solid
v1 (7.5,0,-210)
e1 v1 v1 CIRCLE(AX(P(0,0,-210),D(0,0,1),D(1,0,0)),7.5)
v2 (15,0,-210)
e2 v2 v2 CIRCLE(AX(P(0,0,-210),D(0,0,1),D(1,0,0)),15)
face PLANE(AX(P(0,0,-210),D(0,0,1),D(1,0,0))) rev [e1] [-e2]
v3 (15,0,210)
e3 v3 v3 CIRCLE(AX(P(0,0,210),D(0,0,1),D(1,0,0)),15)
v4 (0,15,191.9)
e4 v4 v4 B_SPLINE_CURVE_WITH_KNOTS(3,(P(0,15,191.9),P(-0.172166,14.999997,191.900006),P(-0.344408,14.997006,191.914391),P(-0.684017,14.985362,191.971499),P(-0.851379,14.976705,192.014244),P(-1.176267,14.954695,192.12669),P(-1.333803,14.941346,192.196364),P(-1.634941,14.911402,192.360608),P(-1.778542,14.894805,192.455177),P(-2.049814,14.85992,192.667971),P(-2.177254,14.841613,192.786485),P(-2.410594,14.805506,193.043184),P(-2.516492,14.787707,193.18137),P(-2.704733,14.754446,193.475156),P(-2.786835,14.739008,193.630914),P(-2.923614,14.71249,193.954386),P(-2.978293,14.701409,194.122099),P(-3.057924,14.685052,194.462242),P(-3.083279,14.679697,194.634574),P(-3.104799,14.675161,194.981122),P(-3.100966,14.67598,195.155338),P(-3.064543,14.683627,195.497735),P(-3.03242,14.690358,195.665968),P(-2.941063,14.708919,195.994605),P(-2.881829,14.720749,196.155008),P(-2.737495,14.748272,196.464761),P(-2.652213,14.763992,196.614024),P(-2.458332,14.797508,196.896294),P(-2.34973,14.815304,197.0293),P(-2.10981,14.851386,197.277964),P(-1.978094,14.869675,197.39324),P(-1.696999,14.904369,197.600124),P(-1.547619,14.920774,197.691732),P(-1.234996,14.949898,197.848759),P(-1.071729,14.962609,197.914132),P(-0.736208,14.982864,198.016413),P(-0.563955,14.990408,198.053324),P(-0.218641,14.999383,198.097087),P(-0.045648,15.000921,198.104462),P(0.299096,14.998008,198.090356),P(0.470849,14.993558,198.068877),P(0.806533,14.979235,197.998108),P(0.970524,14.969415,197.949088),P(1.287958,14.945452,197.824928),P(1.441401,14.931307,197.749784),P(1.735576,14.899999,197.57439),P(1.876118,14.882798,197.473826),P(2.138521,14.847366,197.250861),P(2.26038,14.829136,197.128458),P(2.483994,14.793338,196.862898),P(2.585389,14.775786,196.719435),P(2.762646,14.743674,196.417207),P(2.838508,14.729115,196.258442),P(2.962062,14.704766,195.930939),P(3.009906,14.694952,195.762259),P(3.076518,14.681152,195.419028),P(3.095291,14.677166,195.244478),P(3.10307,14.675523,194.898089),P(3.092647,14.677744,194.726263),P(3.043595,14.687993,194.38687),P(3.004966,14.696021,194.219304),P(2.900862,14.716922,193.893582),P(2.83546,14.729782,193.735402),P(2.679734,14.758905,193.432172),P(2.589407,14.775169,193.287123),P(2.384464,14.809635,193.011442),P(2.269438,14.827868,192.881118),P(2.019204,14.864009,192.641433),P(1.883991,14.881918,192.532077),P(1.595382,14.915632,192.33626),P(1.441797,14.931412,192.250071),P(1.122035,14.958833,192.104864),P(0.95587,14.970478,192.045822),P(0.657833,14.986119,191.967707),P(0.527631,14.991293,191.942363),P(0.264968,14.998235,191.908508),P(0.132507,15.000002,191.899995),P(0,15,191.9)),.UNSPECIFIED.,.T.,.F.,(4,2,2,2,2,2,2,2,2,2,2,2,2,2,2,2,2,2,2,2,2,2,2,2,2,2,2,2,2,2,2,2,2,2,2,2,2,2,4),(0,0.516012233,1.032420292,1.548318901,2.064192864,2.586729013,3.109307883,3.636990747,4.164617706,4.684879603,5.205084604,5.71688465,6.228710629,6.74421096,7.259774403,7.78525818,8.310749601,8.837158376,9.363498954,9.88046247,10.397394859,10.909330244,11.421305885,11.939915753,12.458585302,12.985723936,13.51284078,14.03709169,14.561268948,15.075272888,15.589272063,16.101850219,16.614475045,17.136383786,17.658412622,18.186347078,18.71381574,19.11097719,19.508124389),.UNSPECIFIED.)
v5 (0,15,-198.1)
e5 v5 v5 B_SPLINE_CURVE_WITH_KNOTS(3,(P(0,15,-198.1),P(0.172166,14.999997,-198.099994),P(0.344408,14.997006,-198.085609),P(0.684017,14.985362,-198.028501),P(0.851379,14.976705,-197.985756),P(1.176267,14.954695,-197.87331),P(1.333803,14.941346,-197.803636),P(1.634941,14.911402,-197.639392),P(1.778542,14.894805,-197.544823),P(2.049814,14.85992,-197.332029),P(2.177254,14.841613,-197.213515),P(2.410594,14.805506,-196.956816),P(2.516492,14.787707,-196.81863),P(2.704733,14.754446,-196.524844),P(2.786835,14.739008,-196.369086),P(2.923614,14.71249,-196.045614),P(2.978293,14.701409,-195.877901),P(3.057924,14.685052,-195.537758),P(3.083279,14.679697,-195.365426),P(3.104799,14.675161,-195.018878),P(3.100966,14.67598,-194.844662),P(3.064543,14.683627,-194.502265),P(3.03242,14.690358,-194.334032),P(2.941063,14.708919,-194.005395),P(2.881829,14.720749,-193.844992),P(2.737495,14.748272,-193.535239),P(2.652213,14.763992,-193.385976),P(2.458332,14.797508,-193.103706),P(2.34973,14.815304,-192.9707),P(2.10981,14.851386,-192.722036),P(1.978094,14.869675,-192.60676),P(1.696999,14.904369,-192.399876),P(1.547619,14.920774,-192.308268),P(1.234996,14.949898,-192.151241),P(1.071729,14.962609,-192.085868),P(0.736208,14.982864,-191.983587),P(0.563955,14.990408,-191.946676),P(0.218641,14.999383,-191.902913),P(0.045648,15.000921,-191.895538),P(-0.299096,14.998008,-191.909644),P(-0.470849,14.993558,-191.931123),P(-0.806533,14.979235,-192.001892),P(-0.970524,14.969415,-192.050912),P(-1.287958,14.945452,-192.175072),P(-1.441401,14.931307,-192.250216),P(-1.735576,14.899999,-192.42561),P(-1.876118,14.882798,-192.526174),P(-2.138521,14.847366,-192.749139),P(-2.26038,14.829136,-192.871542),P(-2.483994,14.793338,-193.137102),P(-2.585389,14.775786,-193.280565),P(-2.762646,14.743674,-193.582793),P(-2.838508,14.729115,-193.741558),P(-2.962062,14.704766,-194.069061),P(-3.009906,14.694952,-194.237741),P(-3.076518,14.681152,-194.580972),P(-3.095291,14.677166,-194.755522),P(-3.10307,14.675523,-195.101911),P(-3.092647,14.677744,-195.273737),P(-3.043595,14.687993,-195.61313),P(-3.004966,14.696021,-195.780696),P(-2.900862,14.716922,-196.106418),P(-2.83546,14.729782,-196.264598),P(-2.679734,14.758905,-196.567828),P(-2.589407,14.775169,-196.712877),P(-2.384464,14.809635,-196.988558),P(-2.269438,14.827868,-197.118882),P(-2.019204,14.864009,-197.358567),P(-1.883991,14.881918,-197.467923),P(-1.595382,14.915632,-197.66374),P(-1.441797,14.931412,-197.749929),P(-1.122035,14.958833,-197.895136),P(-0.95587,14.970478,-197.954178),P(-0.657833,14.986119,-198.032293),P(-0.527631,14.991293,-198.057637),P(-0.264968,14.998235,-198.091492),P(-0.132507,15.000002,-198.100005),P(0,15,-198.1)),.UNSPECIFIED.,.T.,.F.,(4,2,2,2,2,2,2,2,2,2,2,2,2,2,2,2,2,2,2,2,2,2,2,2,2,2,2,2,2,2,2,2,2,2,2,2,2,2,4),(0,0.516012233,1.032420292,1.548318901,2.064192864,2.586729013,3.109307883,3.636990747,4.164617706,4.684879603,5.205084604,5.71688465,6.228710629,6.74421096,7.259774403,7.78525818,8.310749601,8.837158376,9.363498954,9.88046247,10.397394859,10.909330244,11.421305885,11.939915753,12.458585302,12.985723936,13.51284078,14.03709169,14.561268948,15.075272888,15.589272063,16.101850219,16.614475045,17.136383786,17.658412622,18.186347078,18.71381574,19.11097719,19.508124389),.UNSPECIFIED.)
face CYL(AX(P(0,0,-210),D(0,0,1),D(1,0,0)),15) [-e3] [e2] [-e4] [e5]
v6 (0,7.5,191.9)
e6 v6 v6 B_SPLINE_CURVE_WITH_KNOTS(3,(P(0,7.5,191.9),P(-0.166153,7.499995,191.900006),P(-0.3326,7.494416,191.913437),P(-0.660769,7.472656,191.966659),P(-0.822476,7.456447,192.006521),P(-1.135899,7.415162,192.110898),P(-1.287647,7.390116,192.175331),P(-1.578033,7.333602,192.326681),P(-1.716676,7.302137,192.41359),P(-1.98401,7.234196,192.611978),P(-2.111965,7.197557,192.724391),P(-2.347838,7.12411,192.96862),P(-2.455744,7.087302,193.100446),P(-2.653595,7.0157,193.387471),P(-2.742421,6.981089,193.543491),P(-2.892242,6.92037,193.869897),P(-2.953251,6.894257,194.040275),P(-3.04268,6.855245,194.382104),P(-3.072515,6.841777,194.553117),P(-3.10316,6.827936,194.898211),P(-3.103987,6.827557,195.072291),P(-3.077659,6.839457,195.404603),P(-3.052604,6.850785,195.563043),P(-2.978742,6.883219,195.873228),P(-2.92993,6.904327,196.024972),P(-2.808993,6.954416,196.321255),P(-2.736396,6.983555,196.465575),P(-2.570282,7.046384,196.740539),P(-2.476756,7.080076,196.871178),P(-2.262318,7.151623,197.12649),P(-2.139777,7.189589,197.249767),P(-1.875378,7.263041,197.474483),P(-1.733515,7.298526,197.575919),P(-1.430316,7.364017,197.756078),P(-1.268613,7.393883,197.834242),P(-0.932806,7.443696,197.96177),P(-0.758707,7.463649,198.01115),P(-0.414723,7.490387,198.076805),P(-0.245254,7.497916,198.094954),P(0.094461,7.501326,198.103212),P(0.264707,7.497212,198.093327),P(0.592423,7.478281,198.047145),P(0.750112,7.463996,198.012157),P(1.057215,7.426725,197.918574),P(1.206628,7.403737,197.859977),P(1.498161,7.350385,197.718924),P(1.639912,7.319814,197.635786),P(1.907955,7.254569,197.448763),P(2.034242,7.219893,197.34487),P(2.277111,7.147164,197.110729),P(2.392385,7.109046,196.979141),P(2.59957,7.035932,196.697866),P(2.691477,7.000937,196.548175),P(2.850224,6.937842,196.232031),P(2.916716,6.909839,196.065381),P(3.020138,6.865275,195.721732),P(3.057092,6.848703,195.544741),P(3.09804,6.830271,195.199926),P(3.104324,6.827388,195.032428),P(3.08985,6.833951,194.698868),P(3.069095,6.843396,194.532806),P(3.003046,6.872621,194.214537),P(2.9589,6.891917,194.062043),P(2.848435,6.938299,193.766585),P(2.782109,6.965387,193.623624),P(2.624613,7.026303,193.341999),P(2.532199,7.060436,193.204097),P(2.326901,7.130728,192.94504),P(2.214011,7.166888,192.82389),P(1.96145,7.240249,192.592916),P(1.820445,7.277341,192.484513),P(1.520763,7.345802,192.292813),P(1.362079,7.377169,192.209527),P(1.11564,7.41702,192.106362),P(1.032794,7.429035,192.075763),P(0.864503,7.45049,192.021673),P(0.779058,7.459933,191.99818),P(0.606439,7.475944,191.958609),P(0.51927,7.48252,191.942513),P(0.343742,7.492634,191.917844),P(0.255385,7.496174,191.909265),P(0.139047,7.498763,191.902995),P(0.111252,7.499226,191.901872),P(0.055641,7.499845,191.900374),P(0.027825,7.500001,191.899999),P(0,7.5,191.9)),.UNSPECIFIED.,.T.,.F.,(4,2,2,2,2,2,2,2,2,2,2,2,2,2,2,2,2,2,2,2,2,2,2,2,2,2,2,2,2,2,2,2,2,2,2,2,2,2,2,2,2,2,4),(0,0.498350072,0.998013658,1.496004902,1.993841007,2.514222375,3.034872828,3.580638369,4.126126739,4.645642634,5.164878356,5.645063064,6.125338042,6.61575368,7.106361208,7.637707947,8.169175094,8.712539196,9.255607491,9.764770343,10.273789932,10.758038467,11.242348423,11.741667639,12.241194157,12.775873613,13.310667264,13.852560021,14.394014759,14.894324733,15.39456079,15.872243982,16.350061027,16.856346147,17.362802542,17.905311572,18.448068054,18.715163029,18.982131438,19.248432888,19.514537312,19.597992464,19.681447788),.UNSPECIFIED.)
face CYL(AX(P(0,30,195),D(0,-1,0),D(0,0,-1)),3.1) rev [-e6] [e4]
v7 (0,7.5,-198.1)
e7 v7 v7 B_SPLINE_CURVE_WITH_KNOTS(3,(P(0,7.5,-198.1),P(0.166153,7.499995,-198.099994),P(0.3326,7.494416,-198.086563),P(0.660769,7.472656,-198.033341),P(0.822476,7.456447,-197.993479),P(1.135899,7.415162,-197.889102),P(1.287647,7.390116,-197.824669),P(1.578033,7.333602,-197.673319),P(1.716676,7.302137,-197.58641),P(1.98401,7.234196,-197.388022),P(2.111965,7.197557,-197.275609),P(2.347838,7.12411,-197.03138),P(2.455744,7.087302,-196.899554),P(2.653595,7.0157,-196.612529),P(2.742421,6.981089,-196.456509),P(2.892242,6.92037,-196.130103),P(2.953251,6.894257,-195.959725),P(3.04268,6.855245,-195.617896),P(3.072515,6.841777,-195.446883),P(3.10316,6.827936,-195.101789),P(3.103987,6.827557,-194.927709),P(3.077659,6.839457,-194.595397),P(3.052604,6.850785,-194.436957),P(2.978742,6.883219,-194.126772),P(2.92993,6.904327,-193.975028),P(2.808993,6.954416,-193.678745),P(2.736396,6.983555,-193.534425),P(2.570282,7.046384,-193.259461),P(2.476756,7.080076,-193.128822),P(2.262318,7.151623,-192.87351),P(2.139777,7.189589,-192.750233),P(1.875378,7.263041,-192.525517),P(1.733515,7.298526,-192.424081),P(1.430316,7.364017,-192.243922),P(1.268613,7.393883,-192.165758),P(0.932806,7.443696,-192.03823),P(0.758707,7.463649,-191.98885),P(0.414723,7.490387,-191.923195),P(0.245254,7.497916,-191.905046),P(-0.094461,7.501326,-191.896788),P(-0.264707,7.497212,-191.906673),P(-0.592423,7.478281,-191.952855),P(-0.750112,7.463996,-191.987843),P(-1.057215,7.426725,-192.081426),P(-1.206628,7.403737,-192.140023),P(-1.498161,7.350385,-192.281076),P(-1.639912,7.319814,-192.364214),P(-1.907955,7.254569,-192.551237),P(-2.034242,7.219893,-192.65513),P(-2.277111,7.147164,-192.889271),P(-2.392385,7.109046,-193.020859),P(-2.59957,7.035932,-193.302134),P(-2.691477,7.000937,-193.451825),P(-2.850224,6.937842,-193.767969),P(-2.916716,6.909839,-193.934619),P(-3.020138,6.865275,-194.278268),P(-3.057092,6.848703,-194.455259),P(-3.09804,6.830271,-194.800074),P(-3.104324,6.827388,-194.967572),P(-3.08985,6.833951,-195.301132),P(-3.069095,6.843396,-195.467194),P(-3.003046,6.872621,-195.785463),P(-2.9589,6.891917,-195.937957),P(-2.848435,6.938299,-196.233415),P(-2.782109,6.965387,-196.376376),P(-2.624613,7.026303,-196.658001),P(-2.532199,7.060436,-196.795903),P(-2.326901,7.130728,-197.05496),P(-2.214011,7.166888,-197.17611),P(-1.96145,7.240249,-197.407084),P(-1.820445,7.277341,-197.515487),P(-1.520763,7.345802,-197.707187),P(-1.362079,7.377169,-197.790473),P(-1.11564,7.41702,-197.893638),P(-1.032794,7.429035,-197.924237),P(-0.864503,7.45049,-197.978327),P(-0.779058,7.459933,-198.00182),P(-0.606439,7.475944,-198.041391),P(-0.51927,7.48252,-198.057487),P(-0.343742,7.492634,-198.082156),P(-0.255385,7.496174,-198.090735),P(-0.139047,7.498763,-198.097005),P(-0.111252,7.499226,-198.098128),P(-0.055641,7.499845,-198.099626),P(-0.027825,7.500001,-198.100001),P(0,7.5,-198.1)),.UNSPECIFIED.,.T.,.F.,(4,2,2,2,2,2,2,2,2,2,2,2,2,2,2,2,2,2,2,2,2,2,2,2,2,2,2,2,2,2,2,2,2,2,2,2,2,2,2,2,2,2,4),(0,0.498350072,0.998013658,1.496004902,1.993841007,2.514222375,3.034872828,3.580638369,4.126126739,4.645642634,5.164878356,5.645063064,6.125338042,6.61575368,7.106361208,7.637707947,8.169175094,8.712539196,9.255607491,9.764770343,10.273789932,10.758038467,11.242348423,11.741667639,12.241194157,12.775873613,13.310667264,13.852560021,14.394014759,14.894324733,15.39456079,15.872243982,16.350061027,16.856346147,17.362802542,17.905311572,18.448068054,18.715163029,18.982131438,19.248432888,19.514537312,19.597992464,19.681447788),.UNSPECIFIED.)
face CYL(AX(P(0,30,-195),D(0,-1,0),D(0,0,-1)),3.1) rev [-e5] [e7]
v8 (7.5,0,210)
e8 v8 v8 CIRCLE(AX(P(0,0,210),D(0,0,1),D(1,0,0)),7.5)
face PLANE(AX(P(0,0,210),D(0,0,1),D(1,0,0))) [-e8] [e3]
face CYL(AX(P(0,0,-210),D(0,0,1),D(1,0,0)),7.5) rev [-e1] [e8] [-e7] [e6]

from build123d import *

# Parameters (mm, degrees)
BOSS_EXTRUDE1_DEPTH      = 210
BOSS_EXTRUDE1_DEPTH_BACK = 210
SKETCH1_R                = 15
SKETCH1_R_2              = 7.5
SKETCH3_R                = 3.1
CUT_EXTRUDE1_DEPTH       = 30


with BuildPart() as part:
    # Sketch1 → Boss-Extrude1 (new, two sides: drawn at the far end of the back side and taken through both)
    with BuildSketch(Plane.XY.offset(-BOSS_EXTRUDE1_DEPTH_BACK)):
        Circle(SKETCH1_R)
        Circle(SKETCH1_R_2, mode=Mode.SUBTRACT)
    extrude(amount=BOSS_EXTRUDE1_DEPTH + BOSS_EXTRUDE1_DEPTH_BACK)

    # Sketch3 → Cut-Extrude1 (cut)
    with BuildSketch(Plane(origin=(0, 0, 0), x_dir=(1, 0, 0), z_dir=(0, 1, 0))):
        with Locations((0, 195)):
            Circle(SKETCH3_R)
    cut_extrude1 = extrude(amount=CUT_EXTRUDE1_DEPTH, mode=Mode.SUBTRACT)

    # Mirror1: Cut-Extrude1 across plane
    add(cut_extrude1.mirror(Plane.XY), mode=Mode.SUBTRACT)


solid = part.part
